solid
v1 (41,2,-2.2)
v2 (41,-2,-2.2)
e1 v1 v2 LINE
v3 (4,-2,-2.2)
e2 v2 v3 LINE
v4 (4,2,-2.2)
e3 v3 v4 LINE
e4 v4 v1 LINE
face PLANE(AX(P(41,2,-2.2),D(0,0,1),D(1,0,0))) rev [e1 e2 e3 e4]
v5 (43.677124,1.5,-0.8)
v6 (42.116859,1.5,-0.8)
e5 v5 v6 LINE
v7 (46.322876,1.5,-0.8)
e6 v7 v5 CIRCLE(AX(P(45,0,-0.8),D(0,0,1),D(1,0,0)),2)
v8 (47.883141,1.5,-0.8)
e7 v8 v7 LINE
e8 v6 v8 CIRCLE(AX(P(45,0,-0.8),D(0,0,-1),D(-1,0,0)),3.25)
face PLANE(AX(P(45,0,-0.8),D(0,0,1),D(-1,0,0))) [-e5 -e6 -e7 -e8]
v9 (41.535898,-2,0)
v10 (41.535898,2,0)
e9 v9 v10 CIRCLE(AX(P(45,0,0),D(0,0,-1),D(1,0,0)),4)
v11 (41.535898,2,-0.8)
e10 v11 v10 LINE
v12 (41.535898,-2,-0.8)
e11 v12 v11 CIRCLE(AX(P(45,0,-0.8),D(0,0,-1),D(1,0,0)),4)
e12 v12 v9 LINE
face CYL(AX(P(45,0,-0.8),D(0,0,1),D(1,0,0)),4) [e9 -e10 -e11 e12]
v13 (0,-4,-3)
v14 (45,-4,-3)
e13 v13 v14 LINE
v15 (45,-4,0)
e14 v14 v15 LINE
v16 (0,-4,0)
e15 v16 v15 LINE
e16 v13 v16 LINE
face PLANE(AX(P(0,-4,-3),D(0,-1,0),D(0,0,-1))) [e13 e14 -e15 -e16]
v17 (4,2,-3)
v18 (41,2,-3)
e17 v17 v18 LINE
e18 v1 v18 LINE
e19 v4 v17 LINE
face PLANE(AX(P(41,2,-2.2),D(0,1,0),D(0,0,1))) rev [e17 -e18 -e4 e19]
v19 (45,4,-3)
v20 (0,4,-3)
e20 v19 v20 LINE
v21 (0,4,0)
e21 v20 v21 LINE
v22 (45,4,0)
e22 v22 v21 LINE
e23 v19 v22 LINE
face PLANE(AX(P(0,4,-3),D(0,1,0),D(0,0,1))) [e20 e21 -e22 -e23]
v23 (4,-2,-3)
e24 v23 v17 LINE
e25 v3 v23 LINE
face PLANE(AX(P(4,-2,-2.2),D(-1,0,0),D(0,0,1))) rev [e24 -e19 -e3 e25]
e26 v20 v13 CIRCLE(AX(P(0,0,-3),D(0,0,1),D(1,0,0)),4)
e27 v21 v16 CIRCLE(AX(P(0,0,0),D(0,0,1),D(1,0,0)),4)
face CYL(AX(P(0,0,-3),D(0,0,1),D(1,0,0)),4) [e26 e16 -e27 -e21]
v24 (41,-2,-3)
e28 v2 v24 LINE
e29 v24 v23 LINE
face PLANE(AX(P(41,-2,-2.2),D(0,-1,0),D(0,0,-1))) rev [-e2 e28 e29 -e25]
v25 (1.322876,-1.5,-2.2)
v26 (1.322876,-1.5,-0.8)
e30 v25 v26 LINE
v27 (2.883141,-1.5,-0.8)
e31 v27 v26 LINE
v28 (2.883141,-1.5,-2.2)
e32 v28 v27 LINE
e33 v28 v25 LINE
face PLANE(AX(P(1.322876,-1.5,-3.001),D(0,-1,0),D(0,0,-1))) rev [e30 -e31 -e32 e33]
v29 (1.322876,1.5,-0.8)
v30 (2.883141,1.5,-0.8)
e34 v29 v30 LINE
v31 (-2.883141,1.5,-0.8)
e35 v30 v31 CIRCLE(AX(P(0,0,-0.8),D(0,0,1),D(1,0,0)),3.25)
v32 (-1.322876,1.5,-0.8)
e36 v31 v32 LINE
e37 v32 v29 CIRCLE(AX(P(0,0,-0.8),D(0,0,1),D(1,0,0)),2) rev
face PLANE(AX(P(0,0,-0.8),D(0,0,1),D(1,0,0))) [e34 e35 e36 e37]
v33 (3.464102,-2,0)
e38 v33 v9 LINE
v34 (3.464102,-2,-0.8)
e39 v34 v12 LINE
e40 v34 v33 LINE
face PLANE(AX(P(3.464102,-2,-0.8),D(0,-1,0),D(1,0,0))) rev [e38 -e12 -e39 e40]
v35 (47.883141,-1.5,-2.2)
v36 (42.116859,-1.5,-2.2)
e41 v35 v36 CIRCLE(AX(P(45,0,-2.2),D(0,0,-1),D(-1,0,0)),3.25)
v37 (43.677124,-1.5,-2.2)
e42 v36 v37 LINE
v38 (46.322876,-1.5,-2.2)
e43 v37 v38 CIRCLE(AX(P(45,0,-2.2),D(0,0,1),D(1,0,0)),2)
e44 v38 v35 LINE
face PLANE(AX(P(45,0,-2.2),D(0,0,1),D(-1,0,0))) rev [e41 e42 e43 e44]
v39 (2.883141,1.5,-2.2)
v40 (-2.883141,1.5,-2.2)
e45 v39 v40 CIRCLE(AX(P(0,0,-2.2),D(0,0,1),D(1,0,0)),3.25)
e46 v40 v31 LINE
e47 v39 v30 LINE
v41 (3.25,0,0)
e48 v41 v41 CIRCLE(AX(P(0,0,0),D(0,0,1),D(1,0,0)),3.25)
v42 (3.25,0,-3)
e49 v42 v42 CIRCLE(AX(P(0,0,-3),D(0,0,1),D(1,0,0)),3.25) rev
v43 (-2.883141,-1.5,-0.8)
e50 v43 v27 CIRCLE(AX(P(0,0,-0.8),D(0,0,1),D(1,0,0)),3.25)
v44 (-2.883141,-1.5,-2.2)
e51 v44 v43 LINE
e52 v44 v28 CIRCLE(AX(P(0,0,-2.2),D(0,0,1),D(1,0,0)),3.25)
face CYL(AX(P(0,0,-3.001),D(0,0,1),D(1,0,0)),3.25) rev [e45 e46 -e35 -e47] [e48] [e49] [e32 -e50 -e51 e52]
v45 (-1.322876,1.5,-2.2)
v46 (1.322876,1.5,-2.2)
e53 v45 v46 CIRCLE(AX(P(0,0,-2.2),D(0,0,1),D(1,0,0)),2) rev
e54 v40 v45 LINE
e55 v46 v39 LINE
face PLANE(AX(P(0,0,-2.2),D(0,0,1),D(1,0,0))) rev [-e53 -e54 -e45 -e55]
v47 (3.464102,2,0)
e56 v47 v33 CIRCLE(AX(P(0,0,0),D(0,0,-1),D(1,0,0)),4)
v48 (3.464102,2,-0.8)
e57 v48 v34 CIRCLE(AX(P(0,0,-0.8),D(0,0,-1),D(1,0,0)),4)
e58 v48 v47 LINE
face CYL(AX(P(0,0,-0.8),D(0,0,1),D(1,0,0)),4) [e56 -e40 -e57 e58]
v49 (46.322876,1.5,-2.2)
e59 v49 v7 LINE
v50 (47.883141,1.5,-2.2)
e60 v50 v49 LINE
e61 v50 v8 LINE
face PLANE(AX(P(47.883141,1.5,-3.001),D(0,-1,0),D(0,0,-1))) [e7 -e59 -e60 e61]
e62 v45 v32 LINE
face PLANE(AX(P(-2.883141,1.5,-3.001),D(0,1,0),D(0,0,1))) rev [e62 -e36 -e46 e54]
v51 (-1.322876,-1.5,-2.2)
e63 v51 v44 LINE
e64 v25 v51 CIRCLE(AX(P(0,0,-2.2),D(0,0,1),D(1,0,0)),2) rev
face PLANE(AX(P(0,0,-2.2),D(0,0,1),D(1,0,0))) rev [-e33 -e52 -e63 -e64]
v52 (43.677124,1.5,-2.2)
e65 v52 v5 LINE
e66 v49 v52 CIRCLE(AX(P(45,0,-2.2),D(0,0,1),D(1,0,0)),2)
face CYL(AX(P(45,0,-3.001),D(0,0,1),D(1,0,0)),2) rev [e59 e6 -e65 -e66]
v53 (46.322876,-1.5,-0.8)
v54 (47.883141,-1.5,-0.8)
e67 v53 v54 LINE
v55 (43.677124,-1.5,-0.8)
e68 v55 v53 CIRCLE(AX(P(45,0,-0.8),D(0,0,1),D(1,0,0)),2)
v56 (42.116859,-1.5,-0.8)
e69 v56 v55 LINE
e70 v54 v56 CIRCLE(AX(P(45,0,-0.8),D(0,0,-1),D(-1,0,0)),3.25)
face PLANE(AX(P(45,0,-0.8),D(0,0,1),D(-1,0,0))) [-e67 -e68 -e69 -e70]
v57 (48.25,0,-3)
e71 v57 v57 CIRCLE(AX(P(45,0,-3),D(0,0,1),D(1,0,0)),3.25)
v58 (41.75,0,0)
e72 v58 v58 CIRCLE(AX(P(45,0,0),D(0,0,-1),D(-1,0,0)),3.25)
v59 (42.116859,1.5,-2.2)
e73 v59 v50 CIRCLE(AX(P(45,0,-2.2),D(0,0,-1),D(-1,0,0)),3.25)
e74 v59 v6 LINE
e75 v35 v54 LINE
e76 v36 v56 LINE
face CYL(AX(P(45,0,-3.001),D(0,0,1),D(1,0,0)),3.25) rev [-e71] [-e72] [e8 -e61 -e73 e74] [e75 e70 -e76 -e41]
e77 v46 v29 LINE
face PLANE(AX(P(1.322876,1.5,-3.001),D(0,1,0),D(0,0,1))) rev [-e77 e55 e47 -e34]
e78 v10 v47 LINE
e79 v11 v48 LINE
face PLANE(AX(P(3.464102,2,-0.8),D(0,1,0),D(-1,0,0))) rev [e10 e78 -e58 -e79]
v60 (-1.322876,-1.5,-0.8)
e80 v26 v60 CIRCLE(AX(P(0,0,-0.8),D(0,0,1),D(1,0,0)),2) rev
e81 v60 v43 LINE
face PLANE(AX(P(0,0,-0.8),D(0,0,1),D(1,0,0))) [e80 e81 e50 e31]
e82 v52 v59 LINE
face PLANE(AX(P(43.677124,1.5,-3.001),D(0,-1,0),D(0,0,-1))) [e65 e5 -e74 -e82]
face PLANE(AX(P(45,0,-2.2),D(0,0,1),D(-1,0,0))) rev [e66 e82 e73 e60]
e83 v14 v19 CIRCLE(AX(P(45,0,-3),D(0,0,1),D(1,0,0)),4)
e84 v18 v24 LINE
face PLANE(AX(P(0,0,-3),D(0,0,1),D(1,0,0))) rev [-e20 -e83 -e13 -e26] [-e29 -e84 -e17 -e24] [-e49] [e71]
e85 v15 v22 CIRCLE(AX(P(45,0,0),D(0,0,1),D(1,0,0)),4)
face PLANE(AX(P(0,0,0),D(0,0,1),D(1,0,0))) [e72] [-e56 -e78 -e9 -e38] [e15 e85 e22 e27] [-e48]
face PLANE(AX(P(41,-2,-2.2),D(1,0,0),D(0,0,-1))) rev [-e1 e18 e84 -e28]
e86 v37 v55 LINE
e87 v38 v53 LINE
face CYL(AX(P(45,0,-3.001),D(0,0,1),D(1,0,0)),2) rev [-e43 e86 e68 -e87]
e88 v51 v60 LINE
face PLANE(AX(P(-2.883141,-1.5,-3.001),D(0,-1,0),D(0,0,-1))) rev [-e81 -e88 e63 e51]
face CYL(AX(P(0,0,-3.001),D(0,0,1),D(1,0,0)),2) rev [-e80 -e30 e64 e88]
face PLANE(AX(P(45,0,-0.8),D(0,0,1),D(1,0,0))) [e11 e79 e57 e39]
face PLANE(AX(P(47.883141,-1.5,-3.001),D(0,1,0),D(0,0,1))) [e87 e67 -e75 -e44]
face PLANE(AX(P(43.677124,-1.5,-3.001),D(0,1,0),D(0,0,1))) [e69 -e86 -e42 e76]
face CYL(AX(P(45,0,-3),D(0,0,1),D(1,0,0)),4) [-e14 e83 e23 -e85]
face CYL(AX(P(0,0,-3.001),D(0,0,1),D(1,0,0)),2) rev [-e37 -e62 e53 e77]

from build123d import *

# Parameters (mm, degrees)
EXTRUDE_1_DEPTH     = 3
CUT_EXTRUDE_1_REACH = 51.254
SKETCH_3_R          = 3.25
CUT_EXTRUDE_2_DEPTH = 0.8
CUT_EXTRUDE_START   = -2.2
SKETCH_3_2_R        = 3.25
CUT_EXTRUDE_3_DEPTH = 0.8
CUT_EXTRUDE_4_DEPTH = 0.8
SKETCH_5_W          = 37
SKETCH_5_H          = 4
CUT_EXTRUDE_5_DEPTH = 0.8


with BuildPart() as part:
    # 草图1 → 凸台-拉伸1 (new body)
    with BuildSketch(Plane.XY):
        with BuildLine():
            Line((0, 4), (45, 4))
            ThreePointArc((45, 4), (49, 0), (45, -4))
            Line((45, -4), (0, -4))
            ThreePointArc((0, -4), (-4, 0), (0, 4))
        make_face()
    extrude(amount=-EXTRUDE_1_DEPTH)

    # 草图2 → 切除-拉伸1 (cut, up to next)
    with BuildSketch(Plane.XY, mode=Mode.PRIVATE) as cut_extrude_1_sk1:
        with BuildLine():
            Line((1.322875656, -1.5), (2.883140649, -1.5))
            ThreePointArc((2.883140649, -1.5), (3.25, 0), (2.883140649, 1.5))
            Line((2.883140649, 1.5), (1.322875656, 1.5))
            ThreePointArc((1.322875656, 1.5), (0, 2), (-1.322875656, 1.5))
            Line((-1.322875656, 1.5), (-2.883140649, 1.5))
            ThreePointArc((-2.883140649, 1.5), (-3.25, 0), (-2.883140649, -1.5))
            Line((-2.883140649, -1.5), (-1.322875656, -1.5))
            ThreePointArc((-1.322875656, -1.5), (0, -2), (1.322875656, -1.5))
        make_face()
    cut_extrude_1_tool1 = extrude(cut_extrude_1_sk1.sketch, amount=-CUT_EXTRUDE_1_REACH, mode=Mode.PRIVATE) & part.part
    cut_extrude_1 = cut_extrude_1_tool1.solids().sort_by_distance((0, 0, 0))[0]
    add(cut_extrude_1, mode=Mode.SUBTRACT)

    # 草图3 → 切除-拉伸2 (cut)
    with BuildSketch(Plane.XY):
        Circle(SKETCH_3_R)
    cut_extrude_2 = extrude(amount=-CUT_EXTRUDE_2_DEPTH, mode=Mode.SUBTRACT)

    # 草图3<2> → 切除-拉伸3 (cut)
    with BuildSketch(Plane.XY.offset(CUT_EXTRUDE_START)):
        Circle(SKETCH_3_2_R)
    cut_extrude_3 = extrude(amount=-CUT_EXTRUDE_3_DEPTH, mode=Mode.SUBTRACT)

    # 镜向1: 切除-拉伸1, 切除-拉伸2, 切除-拉伸3 across plane
    add(cut_extrude_1.mirror(Plane(origin=(22.5, 0, 0), x_dir=(0, 0, 1), z_dir=(1, 0, 0))), mode=Mode.SUBTRACT)
    add(cut_extrude_2.mirror(Plane(origin=(22.5, 0, 0), x_dir=(0, 0, 1), z_dir=(1, 0, 0))), mode=Mode.SUBTRACT)
    add(cut_extrude_3.mirror(Plane(origin=(22.5, 0, 0), x_dir=(0, 0, 1), z_dir=(1, 0, 0))), mode=Mode.SUBTRACT)

    # 草图4 → 切除-拉伸4 (cut)
    with BuildSketch(Plane.XY):
        with BuildLine():
            Line((3.464101615, 2), (41.535898385, 2))
            ThreePointArc((41.535898385, 2), (41, 0), (41.535898385, -2))
            Line((41.535898385, -2), (3.464101615, -2))
            ThreePointArc((3.464101615, -2), (4, 0), (3.464101615, 2))
        make_face()
    extrude(amount=-CUT_EXTRUDE_4_DEPTH, mode=Mode.SUBTRACT)

    # 草图5 → 切除-拉伸5 (cut)
    with BuildSketch(Plane(origin=(0, 0, -3), x_dir=(-1, 0, 0), z_dir=(0, 0, -1))):
        with Locations((-22.5, 0)):
            Rectangle(SKETCH_5_W, SKETCH_5_H)
    extrude(amount=-CUT_EXTRUDE_5_DEPTH, mode=Mode.SUBTRACT)


solid = part.part
